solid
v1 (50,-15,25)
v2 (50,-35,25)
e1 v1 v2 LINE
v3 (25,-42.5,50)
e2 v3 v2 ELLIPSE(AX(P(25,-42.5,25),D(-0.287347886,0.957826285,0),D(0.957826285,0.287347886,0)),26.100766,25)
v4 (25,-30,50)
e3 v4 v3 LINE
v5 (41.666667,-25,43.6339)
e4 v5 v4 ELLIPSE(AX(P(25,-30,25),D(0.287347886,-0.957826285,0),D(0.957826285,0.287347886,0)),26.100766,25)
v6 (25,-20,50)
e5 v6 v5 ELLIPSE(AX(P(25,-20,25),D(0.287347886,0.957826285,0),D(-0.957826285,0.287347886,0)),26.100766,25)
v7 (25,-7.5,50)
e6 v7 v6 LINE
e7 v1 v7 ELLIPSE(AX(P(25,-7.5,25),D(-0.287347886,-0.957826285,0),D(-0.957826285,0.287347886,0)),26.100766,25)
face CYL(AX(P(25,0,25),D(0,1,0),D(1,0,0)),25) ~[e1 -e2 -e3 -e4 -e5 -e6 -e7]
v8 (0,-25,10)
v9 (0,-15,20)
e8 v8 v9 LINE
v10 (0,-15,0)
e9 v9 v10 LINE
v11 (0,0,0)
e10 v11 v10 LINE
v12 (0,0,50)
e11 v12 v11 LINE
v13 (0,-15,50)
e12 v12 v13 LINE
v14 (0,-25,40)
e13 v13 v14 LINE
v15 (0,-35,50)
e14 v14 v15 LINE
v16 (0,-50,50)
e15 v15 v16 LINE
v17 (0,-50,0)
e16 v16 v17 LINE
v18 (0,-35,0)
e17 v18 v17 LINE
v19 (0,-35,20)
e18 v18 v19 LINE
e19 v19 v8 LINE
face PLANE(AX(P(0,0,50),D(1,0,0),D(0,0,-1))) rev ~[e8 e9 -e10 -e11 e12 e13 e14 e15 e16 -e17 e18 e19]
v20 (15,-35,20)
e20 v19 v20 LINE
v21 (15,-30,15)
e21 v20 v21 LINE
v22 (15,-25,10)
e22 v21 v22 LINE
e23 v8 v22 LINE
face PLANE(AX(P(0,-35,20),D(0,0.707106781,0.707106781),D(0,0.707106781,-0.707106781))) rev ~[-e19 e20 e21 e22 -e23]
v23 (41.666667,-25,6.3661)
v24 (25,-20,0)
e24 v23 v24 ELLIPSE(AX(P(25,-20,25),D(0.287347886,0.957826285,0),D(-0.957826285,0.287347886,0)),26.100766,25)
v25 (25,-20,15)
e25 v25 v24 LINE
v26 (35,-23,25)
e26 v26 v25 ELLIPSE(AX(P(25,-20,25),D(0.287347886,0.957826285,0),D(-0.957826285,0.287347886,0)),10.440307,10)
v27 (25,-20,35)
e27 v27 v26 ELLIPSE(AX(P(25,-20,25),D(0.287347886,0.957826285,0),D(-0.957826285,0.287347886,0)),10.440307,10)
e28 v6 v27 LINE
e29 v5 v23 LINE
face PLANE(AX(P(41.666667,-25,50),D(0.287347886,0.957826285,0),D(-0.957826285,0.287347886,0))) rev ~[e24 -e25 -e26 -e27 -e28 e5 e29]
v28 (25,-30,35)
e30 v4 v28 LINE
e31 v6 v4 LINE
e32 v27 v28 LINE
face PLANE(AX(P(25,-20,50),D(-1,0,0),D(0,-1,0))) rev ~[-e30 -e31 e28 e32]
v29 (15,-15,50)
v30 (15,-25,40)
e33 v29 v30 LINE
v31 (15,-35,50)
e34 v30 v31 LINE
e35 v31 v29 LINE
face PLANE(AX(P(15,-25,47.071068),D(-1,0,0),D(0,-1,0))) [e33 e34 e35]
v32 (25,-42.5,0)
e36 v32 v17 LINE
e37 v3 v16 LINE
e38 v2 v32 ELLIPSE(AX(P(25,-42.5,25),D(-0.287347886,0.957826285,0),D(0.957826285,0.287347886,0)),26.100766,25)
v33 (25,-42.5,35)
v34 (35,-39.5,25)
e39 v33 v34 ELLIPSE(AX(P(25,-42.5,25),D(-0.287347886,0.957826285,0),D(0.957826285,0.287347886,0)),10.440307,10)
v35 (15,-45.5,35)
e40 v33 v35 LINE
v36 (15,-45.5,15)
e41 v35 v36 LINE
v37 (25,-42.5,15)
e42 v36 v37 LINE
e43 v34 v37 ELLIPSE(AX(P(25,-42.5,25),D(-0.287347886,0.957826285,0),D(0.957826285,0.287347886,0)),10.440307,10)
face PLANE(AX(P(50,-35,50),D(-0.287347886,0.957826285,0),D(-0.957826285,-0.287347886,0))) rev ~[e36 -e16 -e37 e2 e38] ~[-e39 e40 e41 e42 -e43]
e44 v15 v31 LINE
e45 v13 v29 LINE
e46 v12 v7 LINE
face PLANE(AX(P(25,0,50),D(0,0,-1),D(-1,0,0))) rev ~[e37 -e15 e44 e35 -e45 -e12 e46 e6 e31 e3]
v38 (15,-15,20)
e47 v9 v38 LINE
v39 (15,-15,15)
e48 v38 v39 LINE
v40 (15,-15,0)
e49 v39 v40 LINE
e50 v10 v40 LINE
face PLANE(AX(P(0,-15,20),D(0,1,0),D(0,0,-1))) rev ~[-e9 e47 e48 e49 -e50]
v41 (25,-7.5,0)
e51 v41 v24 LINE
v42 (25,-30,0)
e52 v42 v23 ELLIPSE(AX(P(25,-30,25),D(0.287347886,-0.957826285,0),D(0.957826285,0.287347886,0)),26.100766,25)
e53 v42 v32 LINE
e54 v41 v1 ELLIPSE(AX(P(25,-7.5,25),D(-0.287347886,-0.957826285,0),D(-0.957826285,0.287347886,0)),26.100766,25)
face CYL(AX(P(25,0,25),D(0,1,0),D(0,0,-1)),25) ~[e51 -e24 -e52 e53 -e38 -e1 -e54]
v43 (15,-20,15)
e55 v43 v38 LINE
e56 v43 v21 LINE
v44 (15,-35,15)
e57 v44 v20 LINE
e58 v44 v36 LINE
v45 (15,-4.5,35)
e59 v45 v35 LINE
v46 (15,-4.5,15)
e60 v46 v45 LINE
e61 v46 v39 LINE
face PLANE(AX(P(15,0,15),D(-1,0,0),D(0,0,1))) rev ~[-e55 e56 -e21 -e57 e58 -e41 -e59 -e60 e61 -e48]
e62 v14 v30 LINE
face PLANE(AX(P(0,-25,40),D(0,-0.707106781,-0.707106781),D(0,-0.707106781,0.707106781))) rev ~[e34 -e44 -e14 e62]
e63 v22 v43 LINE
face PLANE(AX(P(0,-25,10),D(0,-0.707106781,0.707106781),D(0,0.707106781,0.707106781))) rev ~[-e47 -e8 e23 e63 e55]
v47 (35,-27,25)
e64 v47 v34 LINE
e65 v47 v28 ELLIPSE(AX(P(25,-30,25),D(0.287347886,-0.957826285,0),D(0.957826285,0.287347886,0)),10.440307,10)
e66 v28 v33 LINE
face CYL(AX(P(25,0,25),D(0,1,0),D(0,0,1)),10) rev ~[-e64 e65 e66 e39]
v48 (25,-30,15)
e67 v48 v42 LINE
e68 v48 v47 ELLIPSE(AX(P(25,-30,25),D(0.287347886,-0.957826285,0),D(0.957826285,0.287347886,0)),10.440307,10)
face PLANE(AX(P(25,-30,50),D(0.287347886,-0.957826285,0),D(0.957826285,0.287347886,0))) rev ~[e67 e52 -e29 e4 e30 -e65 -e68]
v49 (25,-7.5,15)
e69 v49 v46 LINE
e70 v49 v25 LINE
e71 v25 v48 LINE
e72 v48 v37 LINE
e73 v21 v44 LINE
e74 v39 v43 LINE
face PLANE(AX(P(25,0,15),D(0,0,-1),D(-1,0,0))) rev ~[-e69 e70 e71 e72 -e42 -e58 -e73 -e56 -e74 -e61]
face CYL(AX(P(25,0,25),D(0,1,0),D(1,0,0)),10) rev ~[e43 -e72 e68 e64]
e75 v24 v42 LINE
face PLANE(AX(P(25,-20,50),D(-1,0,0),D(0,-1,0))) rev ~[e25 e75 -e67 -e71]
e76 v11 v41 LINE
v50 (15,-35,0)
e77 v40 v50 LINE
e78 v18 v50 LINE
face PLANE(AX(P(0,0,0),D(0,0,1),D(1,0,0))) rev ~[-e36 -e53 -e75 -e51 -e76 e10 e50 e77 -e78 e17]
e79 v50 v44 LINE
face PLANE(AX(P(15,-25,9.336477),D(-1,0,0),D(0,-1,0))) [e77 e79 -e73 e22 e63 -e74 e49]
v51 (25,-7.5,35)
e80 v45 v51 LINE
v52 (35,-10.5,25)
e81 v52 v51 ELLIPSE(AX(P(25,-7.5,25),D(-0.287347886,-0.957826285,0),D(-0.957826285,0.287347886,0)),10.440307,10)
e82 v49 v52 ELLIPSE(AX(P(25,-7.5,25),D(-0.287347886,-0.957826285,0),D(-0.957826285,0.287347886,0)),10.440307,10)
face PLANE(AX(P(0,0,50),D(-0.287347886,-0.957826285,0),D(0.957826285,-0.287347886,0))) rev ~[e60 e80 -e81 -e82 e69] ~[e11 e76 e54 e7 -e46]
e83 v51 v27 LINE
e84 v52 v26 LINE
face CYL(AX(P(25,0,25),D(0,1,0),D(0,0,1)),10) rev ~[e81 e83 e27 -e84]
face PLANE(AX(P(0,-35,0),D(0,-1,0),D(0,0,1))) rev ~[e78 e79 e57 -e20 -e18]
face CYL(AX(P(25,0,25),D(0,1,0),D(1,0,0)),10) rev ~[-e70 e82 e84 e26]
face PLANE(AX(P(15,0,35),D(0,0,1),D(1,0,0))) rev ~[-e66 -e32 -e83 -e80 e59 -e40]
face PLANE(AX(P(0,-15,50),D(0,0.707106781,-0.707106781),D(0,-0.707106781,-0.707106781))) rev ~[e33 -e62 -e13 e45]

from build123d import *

# Parameters (mm, degrees)
F1_DEPTH = 50
F3_DEPTH = 15
F6_DEPTH = 50


with BuildPart() as f1:
    # F0 (on Front) → F1 (new body)
    with BuildSketch(Plane.XZ):
        with BuildLine():
            Line((25, 50), (0, 50))
            Line((0, 50), (0, 0))
            Line((0, 0), (25, 0))
            ThreePointArc((25, 0), (42.6776695297, 7.3223304703), (50, 25))
            ThreePointArc((50, 25), (42.6776695297, 42.6776695297), (25, 50))
        make_face()
        with BuildLine():
            Line((25, 15), (15, 15))
            Line((15, 15), (15, 35))
            Line((15, 35), (25, 35))
            ThreePointArc((25, 35), (32.0710678119, 32.0710678119), (35, 25))
            ThreePointArc((35, 25), (32.0710678119, 17.9289321881), (25, 15))
        make_face(mode=Mode.SUBTRACT)
    extrude(amount=F1_DEPTH)

    # F2 (on face) → F3 (cut)
    with BuildSketch(Plane(origin=(0, 0, 0), x_dir=(0, -1, 0), z_dir=(-1, 0, 0))):
        Polygon((15, 20), (15, 0), (35, 0), (35, 20), (25, 10), align=None)
        Polygon((35, 50), (15, 50), (25, 40), align=None)
    extrude(amount=-F3_DEPTH, mode=Mode.SUBTRACT)

    # F5 (on offset) → F6 (cut)
    with BuildSketch(Plane.XY.offset(50)):
        Polygon((41.6666666667, -25), (25, -20), (25, -30), align=None)
        Polygon((50, -50), (50, -35), (0, -50), align=None)
        Polygon((0, 0), (50, -15), (50, 0), align=None)
    extrude(amount=-F6_DEPTH, mode=Mode.SUBTRACT)


solid = f1.part
